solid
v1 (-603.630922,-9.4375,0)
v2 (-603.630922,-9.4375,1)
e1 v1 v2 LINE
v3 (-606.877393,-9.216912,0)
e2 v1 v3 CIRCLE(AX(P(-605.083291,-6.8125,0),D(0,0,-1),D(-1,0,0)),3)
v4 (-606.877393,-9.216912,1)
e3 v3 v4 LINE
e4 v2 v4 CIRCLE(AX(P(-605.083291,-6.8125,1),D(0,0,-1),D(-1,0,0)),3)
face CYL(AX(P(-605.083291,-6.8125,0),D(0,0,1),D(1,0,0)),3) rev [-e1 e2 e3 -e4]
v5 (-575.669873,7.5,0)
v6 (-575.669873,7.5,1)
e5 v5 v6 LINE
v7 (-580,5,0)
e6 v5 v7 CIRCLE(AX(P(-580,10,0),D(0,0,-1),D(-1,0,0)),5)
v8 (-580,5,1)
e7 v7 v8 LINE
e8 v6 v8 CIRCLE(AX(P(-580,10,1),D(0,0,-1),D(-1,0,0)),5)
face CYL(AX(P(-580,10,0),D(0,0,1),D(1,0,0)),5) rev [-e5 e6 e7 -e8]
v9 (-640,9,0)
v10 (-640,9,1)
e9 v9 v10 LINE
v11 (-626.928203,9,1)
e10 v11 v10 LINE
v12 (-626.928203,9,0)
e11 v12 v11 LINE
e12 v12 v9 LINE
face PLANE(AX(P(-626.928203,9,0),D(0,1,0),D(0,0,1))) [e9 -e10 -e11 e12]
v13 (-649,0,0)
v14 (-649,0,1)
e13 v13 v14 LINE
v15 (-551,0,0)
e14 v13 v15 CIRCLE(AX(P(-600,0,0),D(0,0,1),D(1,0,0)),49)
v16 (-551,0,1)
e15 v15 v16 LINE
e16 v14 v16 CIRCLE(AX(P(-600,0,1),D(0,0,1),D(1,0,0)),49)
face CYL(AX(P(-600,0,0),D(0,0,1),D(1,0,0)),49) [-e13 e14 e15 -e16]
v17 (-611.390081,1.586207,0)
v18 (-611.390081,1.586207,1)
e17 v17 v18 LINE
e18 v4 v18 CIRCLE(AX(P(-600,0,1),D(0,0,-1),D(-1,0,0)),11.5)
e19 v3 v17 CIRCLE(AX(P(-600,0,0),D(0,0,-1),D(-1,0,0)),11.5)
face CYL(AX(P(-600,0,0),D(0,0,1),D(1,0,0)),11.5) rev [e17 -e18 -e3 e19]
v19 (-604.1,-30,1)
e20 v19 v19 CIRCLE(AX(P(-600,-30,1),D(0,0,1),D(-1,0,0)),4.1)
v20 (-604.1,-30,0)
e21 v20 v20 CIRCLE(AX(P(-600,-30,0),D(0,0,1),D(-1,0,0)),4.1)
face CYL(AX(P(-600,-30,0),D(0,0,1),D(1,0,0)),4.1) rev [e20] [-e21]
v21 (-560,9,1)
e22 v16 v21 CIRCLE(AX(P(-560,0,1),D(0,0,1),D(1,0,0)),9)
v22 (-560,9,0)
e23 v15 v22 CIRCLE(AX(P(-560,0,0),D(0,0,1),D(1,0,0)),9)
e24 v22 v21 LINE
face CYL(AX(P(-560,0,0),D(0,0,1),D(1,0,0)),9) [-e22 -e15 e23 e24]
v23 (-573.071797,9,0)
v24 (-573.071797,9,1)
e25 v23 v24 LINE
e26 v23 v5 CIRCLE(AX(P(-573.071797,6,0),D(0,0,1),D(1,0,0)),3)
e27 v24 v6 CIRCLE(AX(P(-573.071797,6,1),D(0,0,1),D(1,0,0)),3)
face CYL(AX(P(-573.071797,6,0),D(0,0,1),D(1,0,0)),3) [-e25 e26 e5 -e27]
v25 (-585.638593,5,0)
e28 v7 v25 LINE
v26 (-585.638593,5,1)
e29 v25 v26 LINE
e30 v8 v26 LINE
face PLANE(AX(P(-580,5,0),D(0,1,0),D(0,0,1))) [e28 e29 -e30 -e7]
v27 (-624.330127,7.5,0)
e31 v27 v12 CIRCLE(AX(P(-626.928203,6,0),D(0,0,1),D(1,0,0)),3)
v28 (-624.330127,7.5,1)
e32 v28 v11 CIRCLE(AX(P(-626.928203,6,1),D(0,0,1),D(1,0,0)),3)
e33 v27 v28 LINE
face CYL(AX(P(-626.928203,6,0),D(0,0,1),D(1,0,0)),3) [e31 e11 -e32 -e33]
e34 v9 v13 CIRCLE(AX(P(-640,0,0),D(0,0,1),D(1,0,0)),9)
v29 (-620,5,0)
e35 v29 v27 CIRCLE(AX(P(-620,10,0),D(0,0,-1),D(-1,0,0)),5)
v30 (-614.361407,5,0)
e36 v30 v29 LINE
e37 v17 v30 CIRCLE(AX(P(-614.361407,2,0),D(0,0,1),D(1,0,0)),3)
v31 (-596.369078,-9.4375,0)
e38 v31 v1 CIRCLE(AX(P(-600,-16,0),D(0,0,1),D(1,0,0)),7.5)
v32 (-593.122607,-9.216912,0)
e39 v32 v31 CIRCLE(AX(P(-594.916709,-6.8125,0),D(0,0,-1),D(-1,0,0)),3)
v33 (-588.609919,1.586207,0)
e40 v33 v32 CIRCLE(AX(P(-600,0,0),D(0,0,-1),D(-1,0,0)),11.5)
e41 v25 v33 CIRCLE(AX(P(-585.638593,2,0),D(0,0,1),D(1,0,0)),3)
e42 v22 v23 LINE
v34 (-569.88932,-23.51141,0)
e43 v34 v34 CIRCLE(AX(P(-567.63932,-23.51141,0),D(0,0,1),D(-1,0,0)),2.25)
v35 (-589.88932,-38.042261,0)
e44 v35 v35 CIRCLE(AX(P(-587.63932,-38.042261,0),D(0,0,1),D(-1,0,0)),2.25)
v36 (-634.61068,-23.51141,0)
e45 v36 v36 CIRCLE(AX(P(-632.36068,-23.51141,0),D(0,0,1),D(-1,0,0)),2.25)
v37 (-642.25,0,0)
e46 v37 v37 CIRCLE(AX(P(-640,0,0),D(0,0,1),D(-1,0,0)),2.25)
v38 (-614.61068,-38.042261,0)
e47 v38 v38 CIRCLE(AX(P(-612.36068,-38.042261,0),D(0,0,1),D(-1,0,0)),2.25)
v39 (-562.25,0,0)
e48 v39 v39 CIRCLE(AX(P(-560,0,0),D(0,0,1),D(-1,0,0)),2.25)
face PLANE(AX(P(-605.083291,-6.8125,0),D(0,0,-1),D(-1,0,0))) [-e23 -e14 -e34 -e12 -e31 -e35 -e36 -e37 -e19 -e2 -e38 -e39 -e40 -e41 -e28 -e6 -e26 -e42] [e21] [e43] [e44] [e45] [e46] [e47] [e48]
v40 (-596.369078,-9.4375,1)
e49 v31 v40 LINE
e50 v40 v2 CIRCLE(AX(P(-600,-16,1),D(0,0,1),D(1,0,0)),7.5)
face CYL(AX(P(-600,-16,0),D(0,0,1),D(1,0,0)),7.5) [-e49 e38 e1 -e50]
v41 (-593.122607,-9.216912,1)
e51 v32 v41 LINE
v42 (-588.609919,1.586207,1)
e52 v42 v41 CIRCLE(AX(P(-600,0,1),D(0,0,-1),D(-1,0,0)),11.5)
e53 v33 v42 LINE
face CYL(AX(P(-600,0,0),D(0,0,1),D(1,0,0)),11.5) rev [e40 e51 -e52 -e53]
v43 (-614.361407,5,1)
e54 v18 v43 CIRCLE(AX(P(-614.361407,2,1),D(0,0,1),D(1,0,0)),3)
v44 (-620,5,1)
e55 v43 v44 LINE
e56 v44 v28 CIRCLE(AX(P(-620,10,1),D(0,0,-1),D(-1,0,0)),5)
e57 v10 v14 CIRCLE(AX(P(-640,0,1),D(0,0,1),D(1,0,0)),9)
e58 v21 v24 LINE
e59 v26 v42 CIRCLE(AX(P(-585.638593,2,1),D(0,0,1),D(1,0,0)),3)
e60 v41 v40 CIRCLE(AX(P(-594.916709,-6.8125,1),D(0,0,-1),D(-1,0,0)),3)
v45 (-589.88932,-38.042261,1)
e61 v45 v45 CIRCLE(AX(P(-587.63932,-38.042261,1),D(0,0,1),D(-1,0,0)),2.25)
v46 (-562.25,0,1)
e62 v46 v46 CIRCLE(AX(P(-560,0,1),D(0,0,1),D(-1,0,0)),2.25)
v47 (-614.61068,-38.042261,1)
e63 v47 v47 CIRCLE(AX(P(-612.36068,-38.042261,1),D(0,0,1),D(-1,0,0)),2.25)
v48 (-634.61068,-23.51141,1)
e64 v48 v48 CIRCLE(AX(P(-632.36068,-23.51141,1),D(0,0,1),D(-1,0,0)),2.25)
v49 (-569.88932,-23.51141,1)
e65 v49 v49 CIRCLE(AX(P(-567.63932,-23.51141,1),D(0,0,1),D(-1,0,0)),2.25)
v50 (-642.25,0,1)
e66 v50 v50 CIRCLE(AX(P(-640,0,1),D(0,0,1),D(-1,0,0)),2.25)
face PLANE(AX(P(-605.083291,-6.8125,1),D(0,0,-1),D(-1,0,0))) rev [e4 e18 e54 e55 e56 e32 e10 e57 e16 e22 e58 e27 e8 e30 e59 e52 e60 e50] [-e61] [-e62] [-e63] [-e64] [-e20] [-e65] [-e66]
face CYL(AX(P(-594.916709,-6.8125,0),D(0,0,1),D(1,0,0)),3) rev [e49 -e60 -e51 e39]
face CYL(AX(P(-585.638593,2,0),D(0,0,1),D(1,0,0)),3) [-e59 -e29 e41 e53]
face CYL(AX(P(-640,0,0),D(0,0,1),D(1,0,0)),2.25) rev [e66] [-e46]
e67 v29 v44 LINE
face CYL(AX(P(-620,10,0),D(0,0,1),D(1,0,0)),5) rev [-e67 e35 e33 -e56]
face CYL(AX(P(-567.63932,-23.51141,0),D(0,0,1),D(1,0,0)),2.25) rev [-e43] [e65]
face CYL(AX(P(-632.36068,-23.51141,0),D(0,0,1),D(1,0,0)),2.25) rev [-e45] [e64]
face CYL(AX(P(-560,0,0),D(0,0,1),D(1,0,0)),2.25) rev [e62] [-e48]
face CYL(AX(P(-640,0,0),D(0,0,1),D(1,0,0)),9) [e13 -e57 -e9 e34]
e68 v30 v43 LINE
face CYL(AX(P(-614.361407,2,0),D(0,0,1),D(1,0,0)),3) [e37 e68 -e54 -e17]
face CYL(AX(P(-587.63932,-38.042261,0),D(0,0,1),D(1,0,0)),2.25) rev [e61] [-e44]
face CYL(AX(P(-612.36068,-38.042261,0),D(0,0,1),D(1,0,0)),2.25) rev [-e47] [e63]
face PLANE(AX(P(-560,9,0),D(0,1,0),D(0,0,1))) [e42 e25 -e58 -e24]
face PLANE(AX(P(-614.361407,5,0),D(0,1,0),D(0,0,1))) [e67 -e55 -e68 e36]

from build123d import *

# Parameters (mm, degrees)
SKETCH_1_R      = 2.25
SKETCH_1_R_2    = 4.1
EXTRUDE_1_DEPTH = 1


with BuildPart() as part:
    # 草图1 → 凸台-拉伸1 (new body)
    with BuildSketch(Plane.XY.offset(1)):
        with BuildLine():
            Line((-614.361406616, 5), (-620, 5))
            ThreePointArc((-620, 5), (-622.5, 5.669872981), (-624.330127019, 7.5))
            ThreePointArc((-624.330127019, 7.5), (-625.42820323, 8.598076211), (-626.92820323, 9))
            Line((-626.92820323, 9), (-640, 9))
            ThreePointArc((-640, 9), (-646.363961031, 6.363961031), (-649, 0))
            ThreePointArc((-649, 0), (-600, -49), (-551, 0))
            ThreePointArc((-551, 0), (-553.636038969, 6.363961031), (-560, 9))
            Line((-560, 9), (-573.07179677, 9))
            ThreePointArc((-573.07179677, 9), (-574.57179677, 8.598076211), (-575.669872981, 7.5))
            ThreePointArc((-575.669872981, 7.5), (-577.5, 5.669872981), (-580, 5))
            Line((-580, 5), (-585.638593384, 5))
            ThreePointArc((-585.638593384, 5), (-587.901487472, 3.969596493), (-588.60991889, 1.586206897))
            ThreePointArc((-588.60991889, 1.586206897), (-589.388591149, -4.432606704), (-593.122606779, -9.216911765))
            ThreePointArc((-593.122606779, -9.216911765), (-594.713337054, -9.80559868), (-596.369078113, -9.4375))
            ThreePointArc((-596.369078113, -9.4375), (-600, -8.5), (-603.630921887, -9.4375))
            ThreePointArc((-603.630921887, -9.4375), (-605.286662946, -9.80559868), (-606.877393221, -9.216911765))
            ThreePointArc((-606.877393221, -9.216911765), (-610.611408851, -4.432606704), (-611.39008111, 1.586206897))
            ThreePointArc((-611.39008111, 1.586206897), (-612.098512528, 3.969596493), (-614.361406616, 5))
        make_face()
        with Locations((-640, 0)):
            Circle(SKETCH_1_R, mode=Mode.SUBTRACT)
        with Locations((-600, -30)):
            Circle(SKETCH_1_R_2, mode=Mode.SUBTRACT)
        with Locations((-567.639320225, -23.511410092)):
            Circle(SKETCH_1_R, mode=Mode.SUBTRACT)
        with Locations((-587.639320225, -38.042260652)):
            Circle(SKETCH_1_R, mode=Mode.SUBTRACT)
        with Locations((-612.360679775, -38.042260652)):
            Circle(SKETCH_1_R, mode=Mode.SUBTRACT)
        with Locations((-632.360679775, -23.511410092)):
            Circle(SKETCH_1_R, mode=Mode.SUBTRACT)
        with Locations((-560, 0)):
            Circle(SKETCH_1_R, mode=Mode.SUBTRACT)
    extrude(amount=-EXTRUDE_1_DEPTH)


solid = part.part
